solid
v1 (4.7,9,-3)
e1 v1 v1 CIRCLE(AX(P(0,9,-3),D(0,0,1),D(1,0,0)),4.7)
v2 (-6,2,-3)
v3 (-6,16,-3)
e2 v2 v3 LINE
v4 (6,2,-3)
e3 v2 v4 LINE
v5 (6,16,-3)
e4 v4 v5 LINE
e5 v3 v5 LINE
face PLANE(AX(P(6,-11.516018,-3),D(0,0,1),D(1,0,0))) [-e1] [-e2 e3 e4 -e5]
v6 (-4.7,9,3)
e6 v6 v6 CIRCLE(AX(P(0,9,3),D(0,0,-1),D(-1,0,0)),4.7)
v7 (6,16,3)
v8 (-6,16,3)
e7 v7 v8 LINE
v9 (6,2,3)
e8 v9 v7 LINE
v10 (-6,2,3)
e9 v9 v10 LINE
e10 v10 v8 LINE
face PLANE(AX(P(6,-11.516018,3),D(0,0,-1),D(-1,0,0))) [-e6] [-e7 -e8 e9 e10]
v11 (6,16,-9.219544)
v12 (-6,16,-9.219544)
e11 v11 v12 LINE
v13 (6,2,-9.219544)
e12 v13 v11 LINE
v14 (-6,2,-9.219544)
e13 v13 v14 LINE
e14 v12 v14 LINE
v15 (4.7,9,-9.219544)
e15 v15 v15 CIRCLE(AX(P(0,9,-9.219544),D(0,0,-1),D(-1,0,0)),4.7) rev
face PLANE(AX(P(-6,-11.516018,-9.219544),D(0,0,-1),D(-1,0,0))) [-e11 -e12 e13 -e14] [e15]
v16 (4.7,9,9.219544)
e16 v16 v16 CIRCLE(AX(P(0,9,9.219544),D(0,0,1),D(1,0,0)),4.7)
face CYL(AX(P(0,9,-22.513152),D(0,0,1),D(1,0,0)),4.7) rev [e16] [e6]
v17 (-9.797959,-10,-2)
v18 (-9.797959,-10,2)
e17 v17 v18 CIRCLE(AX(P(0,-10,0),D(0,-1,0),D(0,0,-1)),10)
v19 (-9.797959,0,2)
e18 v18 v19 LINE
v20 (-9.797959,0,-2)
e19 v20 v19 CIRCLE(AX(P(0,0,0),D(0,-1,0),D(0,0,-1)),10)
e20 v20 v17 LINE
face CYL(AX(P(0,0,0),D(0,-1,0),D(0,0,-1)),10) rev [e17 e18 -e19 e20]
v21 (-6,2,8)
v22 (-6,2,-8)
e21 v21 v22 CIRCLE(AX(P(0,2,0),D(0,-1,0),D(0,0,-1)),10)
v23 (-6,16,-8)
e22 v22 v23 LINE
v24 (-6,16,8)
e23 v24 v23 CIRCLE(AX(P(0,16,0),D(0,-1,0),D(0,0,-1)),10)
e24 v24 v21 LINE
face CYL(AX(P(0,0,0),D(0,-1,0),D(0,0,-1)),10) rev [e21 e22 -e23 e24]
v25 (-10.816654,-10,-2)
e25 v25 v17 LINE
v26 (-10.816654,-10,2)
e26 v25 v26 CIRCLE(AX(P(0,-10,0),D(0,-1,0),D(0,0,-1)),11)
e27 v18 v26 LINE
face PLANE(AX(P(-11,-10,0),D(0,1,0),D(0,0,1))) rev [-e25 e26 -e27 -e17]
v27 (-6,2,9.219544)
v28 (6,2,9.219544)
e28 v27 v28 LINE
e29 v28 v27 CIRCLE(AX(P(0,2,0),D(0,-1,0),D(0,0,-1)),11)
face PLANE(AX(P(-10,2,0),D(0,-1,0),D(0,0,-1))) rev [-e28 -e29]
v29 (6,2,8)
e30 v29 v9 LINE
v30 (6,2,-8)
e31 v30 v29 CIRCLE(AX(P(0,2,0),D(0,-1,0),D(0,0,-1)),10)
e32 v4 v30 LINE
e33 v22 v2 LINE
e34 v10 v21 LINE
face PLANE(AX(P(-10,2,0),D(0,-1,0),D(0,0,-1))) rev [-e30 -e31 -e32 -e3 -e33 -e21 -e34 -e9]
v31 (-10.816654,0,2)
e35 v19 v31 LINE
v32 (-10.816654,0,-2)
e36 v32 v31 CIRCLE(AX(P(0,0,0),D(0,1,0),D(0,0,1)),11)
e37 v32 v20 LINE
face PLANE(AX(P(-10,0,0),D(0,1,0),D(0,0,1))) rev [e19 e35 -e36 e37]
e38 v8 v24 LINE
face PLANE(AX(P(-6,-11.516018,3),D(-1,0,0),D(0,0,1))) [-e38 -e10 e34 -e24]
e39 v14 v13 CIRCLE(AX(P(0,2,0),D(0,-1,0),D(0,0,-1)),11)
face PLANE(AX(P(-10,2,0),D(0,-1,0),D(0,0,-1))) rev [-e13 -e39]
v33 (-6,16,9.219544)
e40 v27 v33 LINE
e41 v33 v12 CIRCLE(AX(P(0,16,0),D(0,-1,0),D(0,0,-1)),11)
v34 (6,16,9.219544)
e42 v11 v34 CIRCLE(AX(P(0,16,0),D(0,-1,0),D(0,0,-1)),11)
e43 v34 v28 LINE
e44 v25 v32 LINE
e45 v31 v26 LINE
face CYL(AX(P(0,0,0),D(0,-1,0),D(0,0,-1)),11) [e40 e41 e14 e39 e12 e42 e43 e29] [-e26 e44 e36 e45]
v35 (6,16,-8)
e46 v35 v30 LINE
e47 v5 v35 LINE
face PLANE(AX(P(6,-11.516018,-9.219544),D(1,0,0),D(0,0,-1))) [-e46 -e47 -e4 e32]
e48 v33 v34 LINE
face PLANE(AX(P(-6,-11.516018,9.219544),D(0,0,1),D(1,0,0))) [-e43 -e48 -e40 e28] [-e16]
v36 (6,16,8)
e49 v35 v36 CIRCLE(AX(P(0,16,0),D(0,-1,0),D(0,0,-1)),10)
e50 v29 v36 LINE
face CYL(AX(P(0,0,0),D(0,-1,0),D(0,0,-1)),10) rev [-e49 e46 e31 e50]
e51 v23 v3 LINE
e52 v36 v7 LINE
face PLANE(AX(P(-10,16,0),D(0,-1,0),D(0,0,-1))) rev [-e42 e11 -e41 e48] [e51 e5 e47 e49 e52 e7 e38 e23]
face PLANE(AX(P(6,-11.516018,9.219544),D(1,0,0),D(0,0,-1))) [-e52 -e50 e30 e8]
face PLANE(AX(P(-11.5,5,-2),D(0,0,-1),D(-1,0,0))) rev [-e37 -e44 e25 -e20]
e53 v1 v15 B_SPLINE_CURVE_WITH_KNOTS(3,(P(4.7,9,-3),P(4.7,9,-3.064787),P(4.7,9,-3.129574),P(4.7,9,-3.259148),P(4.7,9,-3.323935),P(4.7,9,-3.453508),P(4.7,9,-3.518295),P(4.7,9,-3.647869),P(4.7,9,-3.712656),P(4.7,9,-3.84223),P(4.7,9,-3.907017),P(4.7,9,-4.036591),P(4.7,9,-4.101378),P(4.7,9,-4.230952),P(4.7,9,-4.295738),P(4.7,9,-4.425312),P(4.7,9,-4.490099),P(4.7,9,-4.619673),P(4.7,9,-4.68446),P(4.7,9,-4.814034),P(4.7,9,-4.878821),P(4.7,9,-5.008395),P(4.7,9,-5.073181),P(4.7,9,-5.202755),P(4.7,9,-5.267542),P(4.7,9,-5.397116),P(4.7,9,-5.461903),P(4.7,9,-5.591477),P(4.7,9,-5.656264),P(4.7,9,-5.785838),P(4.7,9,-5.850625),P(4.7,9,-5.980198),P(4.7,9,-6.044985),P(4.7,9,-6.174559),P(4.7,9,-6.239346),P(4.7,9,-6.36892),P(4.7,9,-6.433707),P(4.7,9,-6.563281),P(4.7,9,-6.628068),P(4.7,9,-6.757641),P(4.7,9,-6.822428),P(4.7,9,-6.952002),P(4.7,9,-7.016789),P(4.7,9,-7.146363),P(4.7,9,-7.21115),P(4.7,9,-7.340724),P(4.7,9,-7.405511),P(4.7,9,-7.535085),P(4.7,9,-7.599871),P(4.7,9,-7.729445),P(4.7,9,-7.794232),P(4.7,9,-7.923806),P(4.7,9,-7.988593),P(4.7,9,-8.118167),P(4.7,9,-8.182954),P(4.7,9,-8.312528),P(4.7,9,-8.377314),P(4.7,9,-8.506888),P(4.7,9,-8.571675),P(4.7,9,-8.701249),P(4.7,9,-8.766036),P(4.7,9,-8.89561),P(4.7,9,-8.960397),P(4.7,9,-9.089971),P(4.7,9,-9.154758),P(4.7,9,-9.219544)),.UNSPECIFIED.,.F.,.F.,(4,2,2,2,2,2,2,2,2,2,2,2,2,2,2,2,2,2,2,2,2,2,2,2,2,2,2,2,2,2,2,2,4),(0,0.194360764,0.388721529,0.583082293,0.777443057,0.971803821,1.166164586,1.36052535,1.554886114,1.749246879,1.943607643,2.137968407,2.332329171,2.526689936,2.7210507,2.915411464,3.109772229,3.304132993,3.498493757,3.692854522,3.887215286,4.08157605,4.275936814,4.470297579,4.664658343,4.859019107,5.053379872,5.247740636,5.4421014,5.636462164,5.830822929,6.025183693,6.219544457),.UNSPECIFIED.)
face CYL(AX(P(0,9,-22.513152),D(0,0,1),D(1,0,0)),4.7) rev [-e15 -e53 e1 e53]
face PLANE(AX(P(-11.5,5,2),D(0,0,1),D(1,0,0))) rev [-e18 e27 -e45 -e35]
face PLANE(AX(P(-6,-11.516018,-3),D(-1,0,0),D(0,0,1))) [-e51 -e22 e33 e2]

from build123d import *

# Parameters (mm, degrees)
SKETCH2_W           = 3
SKETCH2_H           = 4
CUT_EXTRUDE2_DEPTH  = 10
SKETCH6_W           = 12
SKETCH6_H           = 14
CUT_EXTRUDE3_DEPTH  = 14
BOSS_EXTRUDE1_REACH = 32.299
SKETCH7_W           = 12
SKETCH7_H           = 6.219544457
CUT_EXTRUDE4_REACH  = 30.033
SKETCH8_R           = 4.7


with BuildPart() as part:
    # Sketch1 → Revolve1 (revolve)
    with BuildSketch(Plane.XY, mode=Mode.PRIVATE) as revolve1_sk:
        Polygon((0, 0), (0, 2), (-10, 2), (-10, 16), (-11, 16), (-11, -10), (-10, -10), (-10, 0), align=None)
    revolve(revolve1_sk.sketch.rotate(Axis((0, 0, 0), (0, 1, 0)), 270), axis=Axis((0, 0, 0), (0, 1, 0)))

    # Sketch2 → Cut-Extrude2 (cut)
    with BuildSketch(Plane.XZ.offset(10)):
        with Locations((-10, 0)):
            Rectangle(SKETCH2_W, SKETCH2_H)
    extrude(amount=-CUT_EXTRUDE2_DEPTH, mode=Mode.SUBTRACT)

    # Sketch6 → Cut-Extrude3 (cut)
    with BuildSketch(Plane(origin=(0, 16, 0), x_dir=(1, 0, 0), z_dir=(0, 1, 0))):
        with Locations((0, -10)):
            Rectangle(SKETCH6_W, SKETCH6_H)
        with Locations((0, 10)):
            Rectangle(SKETCH6_W, SKETCH6_H)
    extrude(amount=-CUT_EXTRUDE3_DEPTH, mode=Mode.SUBTRACT)

    # Sketch7 → Boss-Extrude1 (add, up to next)
    with BuildSketch(Plane(origin=(0, 16, 0), x_dir=(1, 0, 0), z_dir=(0, 1, 0)), mode=Mode.PRIVATE) as boss_extrude1_sk1:
        with Locations((0, 6.109772229)):
            Rectangle(SKETCH7_W, SKETCH7_H)
    boss_extrude1_tool1 = extrude(boss_extrude1_sk1.sketch, amount=-BOSS_EXTRUDE1_REACH, mode=Mode.PRIVATE) - part.part
    # Sketch7 → Boss-Extrude1 (add, up to next)
    with BuildSketch(Plane(origin=(0, 16, 0), x_dir=(1, 0, 0), z_dir=(0, 1, 0)), mode=Mode.PRIVATE) as boss_extrude1_sk2:
        with Locations((0, -6.109772229)):
            Rectangle(SKETCH7_W, SKETCH7_H)
    boss_extrude1_tool2 = extrude(boss_extrude1_sk2.sketch, amount=-BOSS_EXTRUDE1_REACH, mode=Mode.PRIVATE) - part.part
    add(boss_extrude1_tool1.solids().sort_by_distance((0, 16, -6.109772))[0])
    add(boss_extrude1_tool2.solids().sort_by_distance((0, 16, 6.109772))[0])

    # Cut-Extrude4: up to this face of the body (flat: up to its plane)
    cut_extrude4_end = Plane(part.part.faces().sort_by_distance((0, 9, -9.219544457))[0])
    # Sketch8 → Cut-Extrude4 (cut, up to the picked face)
    with BuildSketch(Plane.XY.offset(9.219544457), mode=Mode.PRIVATE) as cut_extrude4_sk1:
        with Locations((0, 9)):
            Circle(SKETCH8_R)
    cut_extrude4_tool1 = split(extrude(cut_extrude4_sk1.sketch, amount=-CUT_EXTRUDE4_REACH, mode=Mode.PRIVATE), bisect_by=cut_extrude4_end, keep=Keep.BOTH, mode=Mode.PRIVATE)
    add(cut_extrude4_tool1.solids().sort_by(Axis((0, 9, 9.219544), (0, 0, -1)))[0], mode=Mode.SUBTRACT)


solid = part.part
